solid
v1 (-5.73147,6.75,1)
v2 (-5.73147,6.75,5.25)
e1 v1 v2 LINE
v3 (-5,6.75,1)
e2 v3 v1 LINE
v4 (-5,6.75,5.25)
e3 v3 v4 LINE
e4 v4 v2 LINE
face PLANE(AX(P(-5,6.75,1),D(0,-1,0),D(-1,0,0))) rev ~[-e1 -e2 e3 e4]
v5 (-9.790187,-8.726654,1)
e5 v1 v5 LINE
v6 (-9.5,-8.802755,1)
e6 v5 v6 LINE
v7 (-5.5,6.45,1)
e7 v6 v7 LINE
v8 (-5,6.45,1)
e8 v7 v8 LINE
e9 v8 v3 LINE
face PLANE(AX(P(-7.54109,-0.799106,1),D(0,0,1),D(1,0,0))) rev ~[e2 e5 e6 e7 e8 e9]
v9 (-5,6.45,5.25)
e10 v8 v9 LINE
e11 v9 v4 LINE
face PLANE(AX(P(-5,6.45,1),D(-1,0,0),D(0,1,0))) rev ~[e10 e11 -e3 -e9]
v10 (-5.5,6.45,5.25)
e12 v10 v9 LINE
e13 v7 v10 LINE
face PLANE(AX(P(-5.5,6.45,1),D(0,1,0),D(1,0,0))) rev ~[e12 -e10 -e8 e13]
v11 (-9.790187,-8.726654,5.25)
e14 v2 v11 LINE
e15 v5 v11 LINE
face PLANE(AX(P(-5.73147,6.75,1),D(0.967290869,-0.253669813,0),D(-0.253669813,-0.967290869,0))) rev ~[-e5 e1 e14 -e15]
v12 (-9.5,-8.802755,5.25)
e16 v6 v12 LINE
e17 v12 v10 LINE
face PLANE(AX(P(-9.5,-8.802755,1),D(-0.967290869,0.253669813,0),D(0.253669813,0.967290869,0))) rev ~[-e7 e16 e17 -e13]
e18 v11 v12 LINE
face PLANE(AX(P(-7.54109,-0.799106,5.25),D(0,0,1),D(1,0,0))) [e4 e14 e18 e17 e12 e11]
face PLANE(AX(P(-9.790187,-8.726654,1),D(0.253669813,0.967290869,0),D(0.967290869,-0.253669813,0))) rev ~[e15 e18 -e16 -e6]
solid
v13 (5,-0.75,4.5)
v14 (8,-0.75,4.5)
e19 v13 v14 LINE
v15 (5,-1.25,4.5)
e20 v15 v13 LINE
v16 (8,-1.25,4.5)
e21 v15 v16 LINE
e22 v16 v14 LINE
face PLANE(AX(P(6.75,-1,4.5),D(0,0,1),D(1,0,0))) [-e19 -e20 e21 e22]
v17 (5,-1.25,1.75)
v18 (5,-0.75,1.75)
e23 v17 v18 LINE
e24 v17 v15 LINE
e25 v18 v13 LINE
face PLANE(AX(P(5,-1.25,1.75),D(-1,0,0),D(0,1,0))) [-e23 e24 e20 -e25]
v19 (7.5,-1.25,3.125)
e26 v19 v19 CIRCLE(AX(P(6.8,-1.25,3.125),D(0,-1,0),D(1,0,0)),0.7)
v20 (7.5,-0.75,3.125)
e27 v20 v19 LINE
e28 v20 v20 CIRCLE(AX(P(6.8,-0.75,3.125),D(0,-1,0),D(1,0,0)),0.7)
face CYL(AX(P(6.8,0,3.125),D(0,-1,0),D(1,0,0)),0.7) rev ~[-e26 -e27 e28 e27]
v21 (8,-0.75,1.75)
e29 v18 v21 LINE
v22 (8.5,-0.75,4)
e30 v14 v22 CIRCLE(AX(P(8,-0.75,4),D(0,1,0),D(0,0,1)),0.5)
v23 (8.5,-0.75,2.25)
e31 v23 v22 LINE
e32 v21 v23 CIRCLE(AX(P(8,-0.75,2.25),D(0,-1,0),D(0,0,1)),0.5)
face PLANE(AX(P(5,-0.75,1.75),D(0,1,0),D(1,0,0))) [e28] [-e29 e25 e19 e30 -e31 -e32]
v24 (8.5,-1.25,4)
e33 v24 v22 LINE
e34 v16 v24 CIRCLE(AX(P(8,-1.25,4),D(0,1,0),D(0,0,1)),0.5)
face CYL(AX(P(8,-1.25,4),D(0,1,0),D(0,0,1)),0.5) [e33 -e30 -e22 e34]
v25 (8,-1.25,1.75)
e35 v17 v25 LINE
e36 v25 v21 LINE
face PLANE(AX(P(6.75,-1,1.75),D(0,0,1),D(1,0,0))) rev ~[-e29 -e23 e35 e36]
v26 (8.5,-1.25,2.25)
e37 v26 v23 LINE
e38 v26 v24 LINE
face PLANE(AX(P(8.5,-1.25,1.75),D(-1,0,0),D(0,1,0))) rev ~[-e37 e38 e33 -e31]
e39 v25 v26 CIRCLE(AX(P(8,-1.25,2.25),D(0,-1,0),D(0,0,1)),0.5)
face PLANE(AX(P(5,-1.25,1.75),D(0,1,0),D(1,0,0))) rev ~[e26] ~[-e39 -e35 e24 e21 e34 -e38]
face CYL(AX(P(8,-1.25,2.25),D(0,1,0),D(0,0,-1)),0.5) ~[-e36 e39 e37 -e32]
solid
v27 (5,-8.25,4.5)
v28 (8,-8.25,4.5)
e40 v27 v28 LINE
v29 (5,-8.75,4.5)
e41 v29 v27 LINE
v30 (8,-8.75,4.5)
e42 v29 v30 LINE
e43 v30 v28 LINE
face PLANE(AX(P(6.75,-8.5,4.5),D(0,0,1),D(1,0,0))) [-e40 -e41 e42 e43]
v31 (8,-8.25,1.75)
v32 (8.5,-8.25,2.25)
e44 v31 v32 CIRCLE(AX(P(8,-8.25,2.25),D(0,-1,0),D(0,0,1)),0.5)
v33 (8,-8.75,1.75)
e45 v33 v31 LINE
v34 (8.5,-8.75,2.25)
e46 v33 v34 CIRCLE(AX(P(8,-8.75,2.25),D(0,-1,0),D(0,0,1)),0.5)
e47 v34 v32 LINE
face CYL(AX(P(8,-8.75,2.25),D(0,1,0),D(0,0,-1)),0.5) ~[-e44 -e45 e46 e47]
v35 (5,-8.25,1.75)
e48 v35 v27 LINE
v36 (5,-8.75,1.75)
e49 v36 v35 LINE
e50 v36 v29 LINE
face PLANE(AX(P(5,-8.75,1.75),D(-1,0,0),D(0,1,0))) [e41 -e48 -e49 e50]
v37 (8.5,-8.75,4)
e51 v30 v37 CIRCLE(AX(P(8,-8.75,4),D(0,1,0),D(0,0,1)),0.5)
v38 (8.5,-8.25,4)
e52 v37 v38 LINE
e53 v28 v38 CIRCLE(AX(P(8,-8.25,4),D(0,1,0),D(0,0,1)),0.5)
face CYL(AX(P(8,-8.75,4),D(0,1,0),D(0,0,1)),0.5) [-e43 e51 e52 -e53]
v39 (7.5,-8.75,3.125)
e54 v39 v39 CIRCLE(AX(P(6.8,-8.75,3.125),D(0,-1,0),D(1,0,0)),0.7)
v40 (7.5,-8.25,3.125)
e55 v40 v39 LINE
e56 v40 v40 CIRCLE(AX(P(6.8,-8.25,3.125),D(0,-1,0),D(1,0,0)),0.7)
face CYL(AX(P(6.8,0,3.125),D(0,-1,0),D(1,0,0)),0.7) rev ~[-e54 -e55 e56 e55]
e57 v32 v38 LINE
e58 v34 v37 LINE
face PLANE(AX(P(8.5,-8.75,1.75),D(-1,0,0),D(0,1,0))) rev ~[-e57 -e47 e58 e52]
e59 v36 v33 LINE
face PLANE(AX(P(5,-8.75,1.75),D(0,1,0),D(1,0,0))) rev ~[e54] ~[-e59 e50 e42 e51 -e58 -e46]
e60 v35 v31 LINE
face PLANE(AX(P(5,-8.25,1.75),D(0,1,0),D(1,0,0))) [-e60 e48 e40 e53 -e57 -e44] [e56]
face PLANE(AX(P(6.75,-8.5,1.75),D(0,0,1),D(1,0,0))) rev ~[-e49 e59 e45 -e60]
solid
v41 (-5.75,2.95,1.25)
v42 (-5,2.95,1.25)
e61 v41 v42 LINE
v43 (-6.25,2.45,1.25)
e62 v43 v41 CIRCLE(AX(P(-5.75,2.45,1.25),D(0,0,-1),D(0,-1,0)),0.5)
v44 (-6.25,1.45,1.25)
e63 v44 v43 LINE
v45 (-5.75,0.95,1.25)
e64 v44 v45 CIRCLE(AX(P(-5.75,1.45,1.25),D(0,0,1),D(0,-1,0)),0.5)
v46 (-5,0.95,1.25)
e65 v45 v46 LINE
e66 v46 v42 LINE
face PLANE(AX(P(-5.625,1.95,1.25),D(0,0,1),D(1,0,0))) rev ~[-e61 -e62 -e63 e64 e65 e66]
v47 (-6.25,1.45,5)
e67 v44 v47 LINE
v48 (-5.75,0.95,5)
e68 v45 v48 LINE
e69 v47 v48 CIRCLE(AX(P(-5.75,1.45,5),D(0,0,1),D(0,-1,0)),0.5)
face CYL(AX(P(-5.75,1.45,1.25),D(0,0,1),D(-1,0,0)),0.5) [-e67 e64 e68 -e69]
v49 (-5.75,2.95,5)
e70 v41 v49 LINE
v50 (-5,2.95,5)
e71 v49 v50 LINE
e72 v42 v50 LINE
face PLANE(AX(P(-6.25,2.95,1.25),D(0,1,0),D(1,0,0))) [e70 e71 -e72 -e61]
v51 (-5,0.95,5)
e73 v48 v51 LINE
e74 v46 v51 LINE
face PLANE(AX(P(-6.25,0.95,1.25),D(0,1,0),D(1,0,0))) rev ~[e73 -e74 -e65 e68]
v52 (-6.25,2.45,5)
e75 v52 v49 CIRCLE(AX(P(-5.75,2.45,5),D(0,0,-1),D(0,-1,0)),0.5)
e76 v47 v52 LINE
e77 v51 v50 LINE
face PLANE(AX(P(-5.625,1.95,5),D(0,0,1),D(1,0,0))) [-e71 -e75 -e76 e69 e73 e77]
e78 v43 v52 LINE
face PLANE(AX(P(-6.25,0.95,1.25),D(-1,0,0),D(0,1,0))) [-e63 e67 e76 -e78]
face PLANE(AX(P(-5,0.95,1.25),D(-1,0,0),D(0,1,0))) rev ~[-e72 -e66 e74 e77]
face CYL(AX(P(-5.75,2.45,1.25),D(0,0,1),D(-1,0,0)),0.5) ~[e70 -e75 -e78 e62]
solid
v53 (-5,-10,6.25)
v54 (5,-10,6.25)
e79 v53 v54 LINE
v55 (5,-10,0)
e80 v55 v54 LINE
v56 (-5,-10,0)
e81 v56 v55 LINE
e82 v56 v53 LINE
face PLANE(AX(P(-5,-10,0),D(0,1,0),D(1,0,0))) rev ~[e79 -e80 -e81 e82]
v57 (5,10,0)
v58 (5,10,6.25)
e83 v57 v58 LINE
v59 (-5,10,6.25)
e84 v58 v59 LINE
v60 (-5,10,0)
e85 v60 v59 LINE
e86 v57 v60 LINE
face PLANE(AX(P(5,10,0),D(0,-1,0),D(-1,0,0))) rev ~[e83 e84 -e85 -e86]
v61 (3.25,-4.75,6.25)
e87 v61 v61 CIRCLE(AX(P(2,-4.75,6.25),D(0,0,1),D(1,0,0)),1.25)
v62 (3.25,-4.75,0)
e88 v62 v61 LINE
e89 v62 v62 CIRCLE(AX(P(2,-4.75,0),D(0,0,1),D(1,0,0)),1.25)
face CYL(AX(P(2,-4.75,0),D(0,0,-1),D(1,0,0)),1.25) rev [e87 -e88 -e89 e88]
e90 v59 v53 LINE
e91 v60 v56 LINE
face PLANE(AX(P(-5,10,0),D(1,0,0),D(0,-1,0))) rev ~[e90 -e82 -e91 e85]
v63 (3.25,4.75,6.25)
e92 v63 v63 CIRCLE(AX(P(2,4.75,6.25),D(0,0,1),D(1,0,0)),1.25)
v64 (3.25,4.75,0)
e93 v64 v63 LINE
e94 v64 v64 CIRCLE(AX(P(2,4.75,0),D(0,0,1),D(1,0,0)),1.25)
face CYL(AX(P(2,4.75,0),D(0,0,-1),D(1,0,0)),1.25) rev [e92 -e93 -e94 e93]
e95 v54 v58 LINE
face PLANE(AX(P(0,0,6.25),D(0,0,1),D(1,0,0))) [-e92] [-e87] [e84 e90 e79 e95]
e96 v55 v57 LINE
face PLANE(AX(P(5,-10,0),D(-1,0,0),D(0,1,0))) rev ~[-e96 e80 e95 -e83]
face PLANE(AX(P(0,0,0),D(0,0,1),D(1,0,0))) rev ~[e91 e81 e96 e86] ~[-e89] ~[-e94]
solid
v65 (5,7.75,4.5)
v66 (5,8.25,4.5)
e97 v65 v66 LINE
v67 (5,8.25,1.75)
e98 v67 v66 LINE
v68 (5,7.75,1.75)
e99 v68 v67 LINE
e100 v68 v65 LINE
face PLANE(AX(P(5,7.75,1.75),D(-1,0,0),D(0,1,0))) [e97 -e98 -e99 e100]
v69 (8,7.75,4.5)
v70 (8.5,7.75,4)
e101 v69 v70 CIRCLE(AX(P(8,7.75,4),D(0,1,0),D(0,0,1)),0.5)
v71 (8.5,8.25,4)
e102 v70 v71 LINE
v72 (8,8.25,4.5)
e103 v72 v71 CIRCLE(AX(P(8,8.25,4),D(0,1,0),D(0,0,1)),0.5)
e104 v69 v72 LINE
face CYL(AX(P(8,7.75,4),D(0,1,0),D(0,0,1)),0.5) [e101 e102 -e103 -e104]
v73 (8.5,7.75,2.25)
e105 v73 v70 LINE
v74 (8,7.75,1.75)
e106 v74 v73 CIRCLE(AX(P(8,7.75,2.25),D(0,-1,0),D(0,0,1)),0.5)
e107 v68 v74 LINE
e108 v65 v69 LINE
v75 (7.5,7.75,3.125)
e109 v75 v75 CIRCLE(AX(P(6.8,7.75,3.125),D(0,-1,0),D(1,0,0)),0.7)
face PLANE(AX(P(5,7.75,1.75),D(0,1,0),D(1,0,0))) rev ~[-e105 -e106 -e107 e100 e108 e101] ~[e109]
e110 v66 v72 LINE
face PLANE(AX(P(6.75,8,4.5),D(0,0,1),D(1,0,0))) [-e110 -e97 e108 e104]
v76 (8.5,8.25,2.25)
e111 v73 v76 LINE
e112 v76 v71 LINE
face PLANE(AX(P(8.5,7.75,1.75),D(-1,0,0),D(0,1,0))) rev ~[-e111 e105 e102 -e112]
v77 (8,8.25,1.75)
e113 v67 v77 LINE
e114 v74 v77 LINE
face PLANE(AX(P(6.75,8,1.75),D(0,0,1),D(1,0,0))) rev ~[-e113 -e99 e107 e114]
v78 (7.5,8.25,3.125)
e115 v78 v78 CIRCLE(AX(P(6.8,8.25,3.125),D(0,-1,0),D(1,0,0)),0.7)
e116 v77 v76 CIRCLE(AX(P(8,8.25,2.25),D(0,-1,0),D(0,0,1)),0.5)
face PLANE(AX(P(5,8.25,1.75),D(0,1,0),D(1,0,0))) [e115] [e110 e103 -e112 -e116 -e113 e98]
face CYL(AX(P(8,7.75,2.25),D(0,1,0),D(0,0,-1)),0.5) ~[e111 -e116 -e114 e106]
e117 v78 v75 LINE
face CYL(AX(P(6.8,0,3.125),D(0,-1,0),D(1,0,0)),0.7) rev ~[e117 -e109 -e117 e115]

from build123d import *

# Parameters (mm, degrees)
F0_R          = 1.25
F1_DEPTH      = 6.25
F2_START      = 1.75
F0_W          = 3.5
F0_H          = 0.5
F2_DEPTH      = 2.75
F3_START      = 1
F3_DEPTH      = 4.25
F4_START      = 1.25
F0_W_2        = 1.25
F0_H_2        = 2
F4_DEPTH      = 3.75
F5_R          = 0.5
F6_R          = 0.7
F7_DEPTH      = 10.001
F7_DEPTH_BACK = 10.001
F8_R          = 0.5
F8_2_R        = 0.5
F8_3_R        = 0.5


with BuildPart() as f1:
    # F0 (on Top) → F1 (new body)
    with BuildSketch(Plane.XY):
        Polygon((5, 10), (-5, 10), (-5, 6.75), (-5, 6.45), (-5, 2.95), (-5, 0.95), (-5, -10), (5, -10), (5, -8.75), (5, -8.25), (5, -1.25), (5, -0.75), (5, 7.75), (5, 8.25), align=None)
        with Locations((2, -4.75)):
            Circle(F0_R, mode=Mode.SUBTRACT)
        with Locations((2, 4.75)):
            Circle(F0_R, mode=Mode.SUBTRACT)
    extrude(amount=F1_DEPTH)


with BuildPart() as f2:
    # F0 (on Top) → F2 (new body)
    with BuildSketch(Plane.XY.offset(F2_START)):
        with Locations((6.75, -8.5)):
            Rectangle(F0_W, F0_H)
    extrude(amount=F2_DEPTH)


with BuildPart() as f2b:
    # F0 (on Top) → F2, piece 2 (new body)
    with BuildSketch(Plane.XY.offset(F2_START)):
        with Locations((6.75, -1)):
            Rectangle(F0_W, F0_H)
    extrude(amount=F2_DEPTH)


with BuildPart() as f2c:
    # F0 (on Top) → F2, piece 3 (new body)
    with BuildSketch(Plane.XY.offset(F2_START)):
        with Locations((6.75, 8)):
            Rectangle(F0_W, F0_H)
    extrude(amount=F2_DEPTH)


with BuildPart() as f3:
    # F0 (on Top) → F3 (new body)
    with BuildSketch(Plane.XY.offset(F3_START)):
        Polygon((-5, 6.45), (-5, 6.75), (-5.7314702465, 6.75), (-9.7901872608, -8.7266539083), (-9.5, -8.8027548523), (-5.5, 6.45), align=None)
    extrude(amount=F3_DEPTH)


with BuildPart() as f4:
    # F0 (on Top) → F4 (new body)
    with BuildSketch(Plane.XY.offset(F4_START)):
        with Locations((-5.625, 1.95)):
            Rectangle(F0_W_2, F0_H_2)
    extrude(amount=F4_DEPTH)

    # F5
    f5_edges = [f4.edges().sort_by_distance(p)[0] for p in [
        (-6.25, 0.95, 3.125),
        (-6.25, 2.95, 3.125),
    ]]
    fillet(f5_edges, radius=F5_R)


with BuildPart() as f7_tool:
    # F6 (on Front) → F7 (new body, two sides)
    with BuildSketch(Plane.XZ) as f7_sk:
        with Locations((6.8, 3.125)):
            Circle(F6_R)
    extrude(amount=F7_DEPTH)
    extrude(f7_sk.sketch, amount=-F7_DEPTH_BACK)


with BuildPart() as f2_1:
    add(f2.part)

    # F7: cut by f7_tool
    add(f7_tool.part, mode=Mode.SUBTRACT)

    # F8
    f8_edges = [f2_1.edges().sort_by_distance(p)[0] for p in [
        (8.5, -8.5, 4.5),
        (8.5, -8.5, 1.75),
    ]]
    fillet(f8_edges, radius=F8_R)


with BuildPart() as f2b_1:
    add(f2b.part)

    # F7: cut by f7_tool
    add(f7_tool.part, mode=Mode.SUBTRACT)

    # F8#2
    f8_2_edges = [f2b_1.edges().sort_by_distance(p)[0] for p in [
        (8.5, -1, 1.75),
        (8.5, -1, 4.5),
    ]]
    fillet(f8_2_edges, radius=F8_2_R)


with BuildPart() as f2c_1:
    add(f2c.part)

    # F7: cut by f7_tool
    add(f7_tool.part, mode=Mode.SUBTRACT)

    # F8#3
    f8_3_edges = [f2c_1.edges().sort_by_distance(p)[0] for p in [
        (8.5, 8, 4.5),
        (8.5, 8, 1.75),
    ]]
    fillet(f8_3_edges, radius=F8_3_R)


solid = Compound([f1.part, f3.part, f4.part, f2_1.part, f2b_1.part, f2c_1.part])
